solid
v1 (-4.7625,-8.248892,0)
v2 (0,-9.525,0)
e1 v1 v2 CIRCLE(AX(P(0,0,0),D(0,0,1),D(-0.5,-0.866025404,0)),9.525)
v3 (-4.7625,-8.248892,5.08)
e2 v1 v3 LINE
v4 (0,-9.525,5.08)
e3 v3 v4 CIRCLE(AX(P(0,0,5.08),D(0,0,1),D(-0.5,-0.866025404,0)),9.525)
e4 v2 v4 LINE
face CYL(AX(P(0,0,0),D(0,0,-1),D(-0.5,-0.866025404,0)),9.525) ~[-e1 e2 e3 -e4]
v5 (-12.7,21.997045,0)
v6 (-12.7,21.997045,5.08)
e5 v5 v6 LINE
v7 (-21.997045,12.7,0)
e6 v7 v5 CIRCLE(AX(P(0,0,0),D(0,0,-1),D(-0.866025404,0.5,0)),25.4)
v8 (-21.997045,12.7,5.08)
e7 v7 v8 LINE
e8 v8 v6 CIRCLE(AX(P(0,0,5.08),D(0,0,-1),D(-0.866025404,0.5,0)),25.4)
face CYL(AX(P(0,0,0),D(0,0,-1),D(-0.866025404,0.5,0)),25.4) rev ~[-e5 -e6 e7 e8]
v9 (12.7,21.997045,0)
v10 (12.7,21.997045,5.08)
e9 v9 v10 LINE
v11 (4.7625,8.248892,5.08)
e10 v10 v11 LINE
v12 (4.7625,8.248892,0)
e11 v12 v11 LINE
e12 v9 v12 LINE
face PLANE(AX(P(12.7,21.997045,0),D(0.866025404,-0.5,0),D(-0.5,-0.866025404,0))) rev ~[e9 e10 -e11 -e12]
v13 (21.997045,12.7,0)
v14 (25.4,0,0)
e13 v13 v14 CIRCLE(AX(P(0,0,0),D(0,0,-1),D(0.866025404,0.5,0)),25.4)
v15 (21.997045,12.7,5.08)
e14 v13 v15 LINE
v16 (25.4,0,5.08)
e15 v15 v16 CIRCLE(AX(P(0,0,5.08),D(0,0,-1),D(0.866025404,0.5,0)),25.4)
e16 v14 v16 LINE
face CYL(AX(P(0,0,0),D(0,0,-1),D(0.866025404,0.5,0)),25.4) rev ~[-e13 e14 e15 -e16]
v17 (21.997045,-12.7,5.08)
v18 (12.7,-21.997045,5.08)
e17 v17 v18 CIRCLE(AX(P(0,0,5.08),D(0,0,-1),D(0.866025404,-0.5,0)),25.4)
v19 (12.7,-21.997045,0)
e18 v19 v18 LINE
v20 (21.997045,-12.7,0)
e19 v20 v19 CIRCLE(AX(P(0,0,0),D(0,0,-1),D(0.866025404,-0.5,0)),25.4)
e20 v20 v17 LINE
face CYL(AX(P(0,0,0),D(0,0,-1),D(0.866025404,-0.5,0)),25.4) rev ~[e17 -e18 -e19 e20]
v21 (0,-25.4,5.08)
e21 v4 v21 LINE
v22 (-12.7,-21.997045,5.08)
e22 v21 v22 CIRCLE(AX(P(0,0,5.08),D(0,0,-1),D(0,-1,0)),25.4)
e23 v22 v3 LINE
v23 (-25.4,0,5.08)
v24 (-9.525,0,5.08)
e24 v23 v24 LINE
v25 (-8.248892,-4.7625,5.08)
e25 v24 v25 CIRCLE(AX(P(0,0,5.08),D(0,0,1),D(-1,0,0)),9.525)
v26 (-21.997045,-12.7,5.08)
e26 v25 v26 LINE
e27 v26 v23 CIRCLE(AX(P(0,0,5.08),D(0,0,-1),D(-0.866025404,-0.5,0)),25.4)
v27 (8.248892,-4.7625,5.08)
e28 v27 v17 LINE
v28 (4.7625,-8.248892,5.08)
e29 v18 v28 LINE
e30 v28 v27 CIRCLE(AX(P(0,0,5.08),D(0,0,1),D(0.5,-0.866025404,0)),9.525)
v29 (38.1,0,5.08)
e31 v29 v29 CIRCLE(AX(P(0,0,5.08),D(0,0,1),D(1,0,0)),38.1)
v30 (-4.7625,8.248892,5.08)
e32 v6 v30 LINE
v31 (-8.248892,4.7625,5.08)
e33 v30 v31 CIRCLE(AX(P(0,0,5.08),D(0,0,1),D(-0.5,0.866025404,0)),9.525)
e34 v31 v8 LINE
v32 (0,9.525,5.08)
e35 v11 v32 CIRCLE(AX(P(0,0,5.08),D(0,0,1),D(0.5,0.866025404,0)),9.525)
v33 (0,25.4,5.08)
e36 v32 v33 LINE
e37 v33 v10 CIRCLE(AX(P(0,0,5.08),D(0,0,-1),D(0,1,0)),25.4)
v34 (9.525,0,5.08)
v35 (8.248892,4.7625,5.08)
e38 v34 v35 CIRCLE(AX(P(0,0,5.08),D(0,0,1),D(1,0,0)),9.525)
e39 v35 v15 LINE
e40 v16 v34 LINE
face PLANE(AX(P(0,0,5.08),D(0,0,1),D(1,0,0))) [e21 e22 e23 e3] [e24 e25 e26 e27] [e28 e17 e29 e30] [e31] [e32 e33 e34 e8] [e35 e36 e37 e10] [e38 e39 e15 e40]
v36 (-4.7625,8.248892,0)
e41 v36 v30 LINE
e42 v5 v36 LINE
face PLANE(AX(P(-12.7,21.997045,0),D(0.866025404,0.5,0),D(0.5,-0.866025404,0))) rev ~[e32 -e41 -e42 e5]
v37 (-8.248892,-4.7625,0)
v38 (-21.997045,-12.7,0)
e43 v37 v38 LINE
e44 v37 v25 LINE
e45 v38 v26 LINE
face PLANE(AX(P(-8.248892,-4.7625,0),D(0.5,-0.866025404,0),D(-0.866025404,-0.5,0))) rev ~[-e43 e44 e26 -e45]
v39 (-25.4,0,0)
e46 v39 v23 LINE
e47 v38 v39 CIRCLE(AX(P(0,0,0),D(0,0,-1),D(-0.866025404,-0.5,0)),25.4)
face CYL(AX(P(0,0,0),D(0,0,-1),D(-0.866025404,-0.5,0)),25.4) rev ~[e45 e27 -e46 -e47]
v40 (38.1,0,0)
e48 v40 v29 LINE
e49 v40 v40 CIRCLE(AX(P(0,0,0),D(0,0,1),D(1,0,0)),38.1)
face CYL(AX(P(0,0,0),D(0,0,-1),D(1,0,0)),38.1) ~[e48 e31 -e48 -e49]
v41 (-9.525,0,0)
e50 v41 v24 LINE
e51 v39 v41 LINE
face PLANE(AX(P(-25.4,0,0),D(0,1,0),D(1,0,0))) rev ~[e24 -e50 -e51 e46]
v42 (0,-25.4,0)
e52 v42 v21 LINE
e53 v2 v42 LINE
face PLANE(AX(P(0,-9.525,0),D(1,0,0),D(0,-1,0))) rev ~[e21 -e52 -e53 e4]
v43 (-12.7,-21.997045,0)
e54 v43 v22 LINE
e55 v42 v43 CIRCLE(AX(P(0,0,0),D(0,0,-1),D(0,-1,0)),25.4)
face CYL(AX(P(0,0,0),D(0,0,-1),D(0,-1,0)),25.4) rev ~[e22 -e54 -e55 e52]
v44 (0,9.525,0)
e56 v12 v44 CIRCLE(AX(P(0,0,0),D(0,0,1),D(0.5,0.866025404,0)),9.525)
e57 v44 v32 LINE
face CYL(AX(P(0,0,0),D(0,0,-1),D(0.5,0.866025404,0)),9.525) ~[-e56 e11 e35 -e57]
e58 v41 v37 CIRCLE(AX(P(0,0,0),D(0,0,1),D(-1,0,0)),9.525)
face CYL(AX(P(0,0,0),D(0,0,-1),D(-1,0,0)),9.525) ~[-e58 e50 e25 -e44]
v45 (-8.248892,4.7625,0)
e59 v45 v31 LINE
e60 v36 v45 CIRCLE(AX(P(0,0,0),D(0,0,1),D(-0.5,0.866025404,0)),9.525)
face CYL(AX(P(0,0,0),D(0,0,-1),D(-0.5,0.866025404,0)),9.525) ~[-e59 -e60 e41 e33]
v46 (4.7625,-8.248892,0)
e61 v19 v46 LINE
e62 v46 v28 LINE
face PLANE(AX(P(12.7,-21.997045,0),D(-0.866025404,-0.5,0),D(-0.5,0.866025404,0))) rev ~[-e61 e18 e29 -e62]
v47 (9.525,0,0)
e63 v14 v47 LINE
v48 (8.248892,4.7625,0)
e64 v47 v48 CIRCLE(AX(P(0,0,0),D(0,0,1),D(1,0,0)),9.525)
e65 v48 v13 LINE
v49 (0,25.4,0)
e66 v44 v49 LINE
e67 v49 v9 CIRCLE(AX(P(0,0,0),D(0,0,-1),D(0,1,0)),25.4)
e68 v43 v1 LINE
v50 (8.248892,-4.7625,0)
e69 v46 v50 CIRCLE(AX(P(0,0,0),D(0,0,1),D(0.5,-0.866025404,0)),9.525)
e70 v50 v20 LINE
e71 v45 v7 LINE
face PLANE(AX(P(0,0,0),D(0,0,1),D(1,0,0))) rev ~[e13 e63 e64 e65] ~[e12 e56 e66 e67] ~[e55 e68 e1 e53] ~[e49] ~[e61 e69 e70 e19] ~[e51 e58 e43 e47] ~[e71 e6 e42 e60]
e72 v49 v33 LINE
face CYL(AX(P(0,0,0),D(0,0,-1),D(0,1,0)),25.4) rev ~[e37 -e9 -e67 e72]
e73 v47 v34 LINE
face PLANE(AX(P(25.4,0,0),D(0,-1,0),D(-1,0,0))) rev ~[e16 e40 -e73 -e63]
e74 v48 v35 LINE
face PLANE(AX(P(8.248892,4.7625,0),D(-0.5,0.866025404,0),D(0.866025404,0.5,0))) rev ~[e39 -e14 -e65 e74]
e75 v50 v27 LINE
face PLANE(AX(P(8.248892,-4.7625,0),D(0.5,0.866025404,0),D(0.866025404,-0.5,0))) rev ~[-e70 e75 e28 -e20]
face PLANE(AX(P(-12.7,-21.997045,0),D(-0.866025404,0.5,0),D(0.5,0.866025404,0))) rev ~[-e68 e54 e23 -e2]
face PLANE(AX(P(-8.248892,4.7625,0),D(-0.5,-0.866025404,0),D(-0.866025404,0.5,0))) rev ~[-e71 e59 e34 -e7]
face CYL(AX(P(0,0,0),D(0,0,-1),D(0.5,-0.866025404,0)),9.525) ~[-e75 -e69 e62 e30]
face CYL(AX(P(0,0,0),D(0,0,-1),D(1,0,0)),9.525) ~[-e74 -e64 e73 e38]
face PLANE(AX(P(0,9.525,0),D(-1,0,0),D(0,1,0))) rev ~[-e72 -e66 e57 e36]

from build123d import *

# Parameters (mm, degrees)
F0_R     = 38.1
F1_DEPTH = 5.08


with BuildPart() as f1:
    # F0 (on Top) → F1 (new body)
    with BuildSketch(Plane.XY):
        Circle(F0_R)
        with BuildLine():
            ThreePointArc((21.9970452561, 12.7), (24.5345159877, 6.5740037456), (25.4, 0))
            ThreePointArc((25.4, 0), (24.5345159877, -6.5740037456), (21.9970452561, -12.7))
            ThreePointArc((21.9970452561, -12.7), (17.9605122421, -17.9605122421), (12.7, -21.9970452561))
            ThreePointArc((12.7, -21.9970452561), (6.5740037456, -24.5345159877), (0, -25.4))
            ThreePointArc((0, -25.4), (-6.5740037456, -24.5345159877), (-12.7, -21.9970452561))
            ThreePointArc((-12.7, -21.9970452561), (-17.9605122421, -17.9605122421), (-21.9970452561, -12.7))
            ThreePointArc((-21.9970452561, -12.7), (-24.5345159877, -6.5740037456), (-25.4, 0))
            ThreePointArc((-25.4, 0), (-24.5345159877, 6.5740037456), (-21.9970452561, 12.7))
            ThreePointArc((-21.9970452561, 12.7), (-17.9605122421, 17.9605122421), (-12.7, 21.9970452561))
            ThreePointArc((-12.7, 21.9970452561), (-6.5740037456, 24.5345159877), (0, 25.4))
            ThreePointArc((0, 25.4), (6.5740037456, 24.5345159877), (12.7, 21.9970452561))
            ThreePointArc((12.7, 21.9970452561), (17.9605122421, 17.9605122421), (21.9970452561, 12.7))
        make_face(mode=Mode.SUBTRACT)
        with BuildLine():
            Line((-8.248891971, -4.7625), (0, 0))
            Line((0, 0), (-9.525, 0))
            ThreePointArc((-9.525, 0), (-9.2004434954, -2.4652514046), (-8.248891971, -4.7625))
        make_face()
        with BuildLine():
            Line((-4.7625, -8.248891971), (0, 0))
            Line((0, 0), (-8.248891971, -4.7625))
            ThreePointArc((-8.248891971, -4.7625), (-6.7351920908, -6.7351920908), (-4.7625, -8.248891971))
        make_face()
        with BuildLine():
            Line((0, -9.525), (0, 0))
            Line((0, 0), (-4.7625, -8.248891971))
            ThreePointArc((-4.7625, -8.248891971), (-2.4652514046, -9.2004434954), (0, -9.525))
        make_face()
        with BuildLine():
            Line((4.7625, -8.248891971), (0, 0))
            Line((0, 0), (0, -9.525))
            ThreePointArc((0, -9.525), (2.4652514046, -9.2004434954), (4.7625, -8.248891971))
        make_face()
        with BuildLine():
            ThreePointArc((4.7625, -8.248891971), (6.7351920908, -6.7351920908), (8.248891971, -4.7625))
            Line((8.248891971, -4.7625), (0, 0))
            Line((0, 0), (4.7625, -8.248891971))
        make_face()
        with BuildLine():
            ThreePointArc((8.248891971, -4.7625), (9.2004434954, -2.4652514046), (9.525, 0))
            Line((9.525, 0), (0, 0))
            Line((0, 0), (8.248891971, -4.7625))
        make_face()
        with BuildLine():
            Line((0, 0), (9.525, 0))
            ThreePointArc((9.525, 0), (9.2004434954, 2.4652514046), (8.248891971, 4.7625))
            Line((8.248891971, 4.7625), (0, 0))
        make_face()
        with BuildLine():
            Line((0, 0), (8.248891971, 4.7625))
            ThreePointArc((8.248891971, 4.7625), (6.7351920908, 6.7351920908), (4.7625, 8.248891971))
            Line((4.7625, 8.248891971), (0, 0))
        make_face()
        with BuildLine():
            Line((0, 9.525), (0, 0))
            Line((0, 0), (4.7625, 8.248891971))
            ThreePointArc((4.7625, 8.248891971), (2.4652514046, 9.2004434954), (0, 9.525))
        make_face()
        with BuildLine():
            Line((-4.7625, 8.248891971), (0, 0))
            Line((0, 0), (0, 9.525))
            ThreePointArc((0, 9.525), (-2.4652514046, 9.2004434954), (-4.7625, 8.248891971))
        make_face()
        with BuildLine():
            Line((-8.248891971, 4.7625), (0, 0))
            Line((0, 0), (-4.7625, 8.248891971))
            ThreePointArc((-4.7625, 8.248891971), (-6.7351920908, 6.7351920908), (-8.248891971, 4.7625))
        make_face()
        with BuildLine():
            Line((-9.525, 0), (0, 0))
            Line((0, 0), (-8.248891971, 4.7625))
            ThreePointArc((-8.248891971, 4.7625), (-9.2004434954, 2.4652514046), (-9.525, 0))
        make_face()
        with BuildLine():
            ThreePointArc((-9.525, 0), (-9.2004434954, 2.4652514046), (-8.248891971, 4.7625))
            Line((-8.248891971, 4.7625), (-21.9970452561, 12.7))
            ThreePointArc((-21.9970452561, 12.7), (-24.5345159877, 6.5740037456), (-25.4, 0))
            Line((-25.4, 0), (-9.525, 0))
        make_face()
        with BuildLine():
            Line((0, 9.525), (0, 25.4))
            ThreePointArc((0, 25.4), (-6.5740037456, 24.5345159877), (-12.7, 21.9970452561))
            Line((-12.7, 21.9970452561), (-4.7625, 8.248891971))
            ThreePointArc((-4.7625, 8.248891971), (-2.4652514046, 9.2004434954), (0, 9.525))
        make_face()
        with BuildLine():
            Line((8.248891971, 4.7625), (21.9970452561, 12.7))
            ThreePointArc((21.9970452561, 12.7), (17.9605122421, 17.9605122421), (12.7, 21.9970452561))
            Line((12.7, 21.9970452561), (4.7625, 8.248891971))
            ThreePointArc((4.7625, 8.248891971), (6.7351920908, 6.7351920908), (8.248891971, 4.7625))
        make_face()
        with BuildLine():
            ThreePointArc((21.9970452561, -12.7), (24.5345159877, -6.5740037456), (25.4, 0))
            Line((25.4, 0), (9.525, 0))
            ThreePointArc((9.525, 0), (9.2004434954, -2.4652514046), (8.248891971, -4.7625))
            Line((8.248891971, -4.7625), (21.9970452561, -12.7))
        make_face()
        with BuildLine():
            ThreePointArc((0, -25.4), (6.5740037456, -24.5345159877), (12.7, -21.9970452561))
            Line((12.7, -21.9970452561), (4.7625, -8.248891971))
            ThreePointArc((4.7625, -8.248891971), (2.4652514046, -9.2004434954), (0, -9.525))
            Line((0, -9.525), (0, -25.4))
        make_face()
        with BuildLine():
            ThreePointArc((-4.7625, -8.248891971), (-6.7351920908, -6.7351920908), (-8.248891971, -4.7625))
            Line((-8.248891971, -4.7625), (-21.9970452561, -12.7))
            ThreePointArc((-21.9970452561, -12.7), (-17.9605122421, -17.9605122421), (-12.7, -21.9970452561))
            Line((-12.7, -21.9970452561), (-4.7625, -8.248891971))
        make_face()
    extrude(amount=F1_DEPTH)


solid = f1.part
